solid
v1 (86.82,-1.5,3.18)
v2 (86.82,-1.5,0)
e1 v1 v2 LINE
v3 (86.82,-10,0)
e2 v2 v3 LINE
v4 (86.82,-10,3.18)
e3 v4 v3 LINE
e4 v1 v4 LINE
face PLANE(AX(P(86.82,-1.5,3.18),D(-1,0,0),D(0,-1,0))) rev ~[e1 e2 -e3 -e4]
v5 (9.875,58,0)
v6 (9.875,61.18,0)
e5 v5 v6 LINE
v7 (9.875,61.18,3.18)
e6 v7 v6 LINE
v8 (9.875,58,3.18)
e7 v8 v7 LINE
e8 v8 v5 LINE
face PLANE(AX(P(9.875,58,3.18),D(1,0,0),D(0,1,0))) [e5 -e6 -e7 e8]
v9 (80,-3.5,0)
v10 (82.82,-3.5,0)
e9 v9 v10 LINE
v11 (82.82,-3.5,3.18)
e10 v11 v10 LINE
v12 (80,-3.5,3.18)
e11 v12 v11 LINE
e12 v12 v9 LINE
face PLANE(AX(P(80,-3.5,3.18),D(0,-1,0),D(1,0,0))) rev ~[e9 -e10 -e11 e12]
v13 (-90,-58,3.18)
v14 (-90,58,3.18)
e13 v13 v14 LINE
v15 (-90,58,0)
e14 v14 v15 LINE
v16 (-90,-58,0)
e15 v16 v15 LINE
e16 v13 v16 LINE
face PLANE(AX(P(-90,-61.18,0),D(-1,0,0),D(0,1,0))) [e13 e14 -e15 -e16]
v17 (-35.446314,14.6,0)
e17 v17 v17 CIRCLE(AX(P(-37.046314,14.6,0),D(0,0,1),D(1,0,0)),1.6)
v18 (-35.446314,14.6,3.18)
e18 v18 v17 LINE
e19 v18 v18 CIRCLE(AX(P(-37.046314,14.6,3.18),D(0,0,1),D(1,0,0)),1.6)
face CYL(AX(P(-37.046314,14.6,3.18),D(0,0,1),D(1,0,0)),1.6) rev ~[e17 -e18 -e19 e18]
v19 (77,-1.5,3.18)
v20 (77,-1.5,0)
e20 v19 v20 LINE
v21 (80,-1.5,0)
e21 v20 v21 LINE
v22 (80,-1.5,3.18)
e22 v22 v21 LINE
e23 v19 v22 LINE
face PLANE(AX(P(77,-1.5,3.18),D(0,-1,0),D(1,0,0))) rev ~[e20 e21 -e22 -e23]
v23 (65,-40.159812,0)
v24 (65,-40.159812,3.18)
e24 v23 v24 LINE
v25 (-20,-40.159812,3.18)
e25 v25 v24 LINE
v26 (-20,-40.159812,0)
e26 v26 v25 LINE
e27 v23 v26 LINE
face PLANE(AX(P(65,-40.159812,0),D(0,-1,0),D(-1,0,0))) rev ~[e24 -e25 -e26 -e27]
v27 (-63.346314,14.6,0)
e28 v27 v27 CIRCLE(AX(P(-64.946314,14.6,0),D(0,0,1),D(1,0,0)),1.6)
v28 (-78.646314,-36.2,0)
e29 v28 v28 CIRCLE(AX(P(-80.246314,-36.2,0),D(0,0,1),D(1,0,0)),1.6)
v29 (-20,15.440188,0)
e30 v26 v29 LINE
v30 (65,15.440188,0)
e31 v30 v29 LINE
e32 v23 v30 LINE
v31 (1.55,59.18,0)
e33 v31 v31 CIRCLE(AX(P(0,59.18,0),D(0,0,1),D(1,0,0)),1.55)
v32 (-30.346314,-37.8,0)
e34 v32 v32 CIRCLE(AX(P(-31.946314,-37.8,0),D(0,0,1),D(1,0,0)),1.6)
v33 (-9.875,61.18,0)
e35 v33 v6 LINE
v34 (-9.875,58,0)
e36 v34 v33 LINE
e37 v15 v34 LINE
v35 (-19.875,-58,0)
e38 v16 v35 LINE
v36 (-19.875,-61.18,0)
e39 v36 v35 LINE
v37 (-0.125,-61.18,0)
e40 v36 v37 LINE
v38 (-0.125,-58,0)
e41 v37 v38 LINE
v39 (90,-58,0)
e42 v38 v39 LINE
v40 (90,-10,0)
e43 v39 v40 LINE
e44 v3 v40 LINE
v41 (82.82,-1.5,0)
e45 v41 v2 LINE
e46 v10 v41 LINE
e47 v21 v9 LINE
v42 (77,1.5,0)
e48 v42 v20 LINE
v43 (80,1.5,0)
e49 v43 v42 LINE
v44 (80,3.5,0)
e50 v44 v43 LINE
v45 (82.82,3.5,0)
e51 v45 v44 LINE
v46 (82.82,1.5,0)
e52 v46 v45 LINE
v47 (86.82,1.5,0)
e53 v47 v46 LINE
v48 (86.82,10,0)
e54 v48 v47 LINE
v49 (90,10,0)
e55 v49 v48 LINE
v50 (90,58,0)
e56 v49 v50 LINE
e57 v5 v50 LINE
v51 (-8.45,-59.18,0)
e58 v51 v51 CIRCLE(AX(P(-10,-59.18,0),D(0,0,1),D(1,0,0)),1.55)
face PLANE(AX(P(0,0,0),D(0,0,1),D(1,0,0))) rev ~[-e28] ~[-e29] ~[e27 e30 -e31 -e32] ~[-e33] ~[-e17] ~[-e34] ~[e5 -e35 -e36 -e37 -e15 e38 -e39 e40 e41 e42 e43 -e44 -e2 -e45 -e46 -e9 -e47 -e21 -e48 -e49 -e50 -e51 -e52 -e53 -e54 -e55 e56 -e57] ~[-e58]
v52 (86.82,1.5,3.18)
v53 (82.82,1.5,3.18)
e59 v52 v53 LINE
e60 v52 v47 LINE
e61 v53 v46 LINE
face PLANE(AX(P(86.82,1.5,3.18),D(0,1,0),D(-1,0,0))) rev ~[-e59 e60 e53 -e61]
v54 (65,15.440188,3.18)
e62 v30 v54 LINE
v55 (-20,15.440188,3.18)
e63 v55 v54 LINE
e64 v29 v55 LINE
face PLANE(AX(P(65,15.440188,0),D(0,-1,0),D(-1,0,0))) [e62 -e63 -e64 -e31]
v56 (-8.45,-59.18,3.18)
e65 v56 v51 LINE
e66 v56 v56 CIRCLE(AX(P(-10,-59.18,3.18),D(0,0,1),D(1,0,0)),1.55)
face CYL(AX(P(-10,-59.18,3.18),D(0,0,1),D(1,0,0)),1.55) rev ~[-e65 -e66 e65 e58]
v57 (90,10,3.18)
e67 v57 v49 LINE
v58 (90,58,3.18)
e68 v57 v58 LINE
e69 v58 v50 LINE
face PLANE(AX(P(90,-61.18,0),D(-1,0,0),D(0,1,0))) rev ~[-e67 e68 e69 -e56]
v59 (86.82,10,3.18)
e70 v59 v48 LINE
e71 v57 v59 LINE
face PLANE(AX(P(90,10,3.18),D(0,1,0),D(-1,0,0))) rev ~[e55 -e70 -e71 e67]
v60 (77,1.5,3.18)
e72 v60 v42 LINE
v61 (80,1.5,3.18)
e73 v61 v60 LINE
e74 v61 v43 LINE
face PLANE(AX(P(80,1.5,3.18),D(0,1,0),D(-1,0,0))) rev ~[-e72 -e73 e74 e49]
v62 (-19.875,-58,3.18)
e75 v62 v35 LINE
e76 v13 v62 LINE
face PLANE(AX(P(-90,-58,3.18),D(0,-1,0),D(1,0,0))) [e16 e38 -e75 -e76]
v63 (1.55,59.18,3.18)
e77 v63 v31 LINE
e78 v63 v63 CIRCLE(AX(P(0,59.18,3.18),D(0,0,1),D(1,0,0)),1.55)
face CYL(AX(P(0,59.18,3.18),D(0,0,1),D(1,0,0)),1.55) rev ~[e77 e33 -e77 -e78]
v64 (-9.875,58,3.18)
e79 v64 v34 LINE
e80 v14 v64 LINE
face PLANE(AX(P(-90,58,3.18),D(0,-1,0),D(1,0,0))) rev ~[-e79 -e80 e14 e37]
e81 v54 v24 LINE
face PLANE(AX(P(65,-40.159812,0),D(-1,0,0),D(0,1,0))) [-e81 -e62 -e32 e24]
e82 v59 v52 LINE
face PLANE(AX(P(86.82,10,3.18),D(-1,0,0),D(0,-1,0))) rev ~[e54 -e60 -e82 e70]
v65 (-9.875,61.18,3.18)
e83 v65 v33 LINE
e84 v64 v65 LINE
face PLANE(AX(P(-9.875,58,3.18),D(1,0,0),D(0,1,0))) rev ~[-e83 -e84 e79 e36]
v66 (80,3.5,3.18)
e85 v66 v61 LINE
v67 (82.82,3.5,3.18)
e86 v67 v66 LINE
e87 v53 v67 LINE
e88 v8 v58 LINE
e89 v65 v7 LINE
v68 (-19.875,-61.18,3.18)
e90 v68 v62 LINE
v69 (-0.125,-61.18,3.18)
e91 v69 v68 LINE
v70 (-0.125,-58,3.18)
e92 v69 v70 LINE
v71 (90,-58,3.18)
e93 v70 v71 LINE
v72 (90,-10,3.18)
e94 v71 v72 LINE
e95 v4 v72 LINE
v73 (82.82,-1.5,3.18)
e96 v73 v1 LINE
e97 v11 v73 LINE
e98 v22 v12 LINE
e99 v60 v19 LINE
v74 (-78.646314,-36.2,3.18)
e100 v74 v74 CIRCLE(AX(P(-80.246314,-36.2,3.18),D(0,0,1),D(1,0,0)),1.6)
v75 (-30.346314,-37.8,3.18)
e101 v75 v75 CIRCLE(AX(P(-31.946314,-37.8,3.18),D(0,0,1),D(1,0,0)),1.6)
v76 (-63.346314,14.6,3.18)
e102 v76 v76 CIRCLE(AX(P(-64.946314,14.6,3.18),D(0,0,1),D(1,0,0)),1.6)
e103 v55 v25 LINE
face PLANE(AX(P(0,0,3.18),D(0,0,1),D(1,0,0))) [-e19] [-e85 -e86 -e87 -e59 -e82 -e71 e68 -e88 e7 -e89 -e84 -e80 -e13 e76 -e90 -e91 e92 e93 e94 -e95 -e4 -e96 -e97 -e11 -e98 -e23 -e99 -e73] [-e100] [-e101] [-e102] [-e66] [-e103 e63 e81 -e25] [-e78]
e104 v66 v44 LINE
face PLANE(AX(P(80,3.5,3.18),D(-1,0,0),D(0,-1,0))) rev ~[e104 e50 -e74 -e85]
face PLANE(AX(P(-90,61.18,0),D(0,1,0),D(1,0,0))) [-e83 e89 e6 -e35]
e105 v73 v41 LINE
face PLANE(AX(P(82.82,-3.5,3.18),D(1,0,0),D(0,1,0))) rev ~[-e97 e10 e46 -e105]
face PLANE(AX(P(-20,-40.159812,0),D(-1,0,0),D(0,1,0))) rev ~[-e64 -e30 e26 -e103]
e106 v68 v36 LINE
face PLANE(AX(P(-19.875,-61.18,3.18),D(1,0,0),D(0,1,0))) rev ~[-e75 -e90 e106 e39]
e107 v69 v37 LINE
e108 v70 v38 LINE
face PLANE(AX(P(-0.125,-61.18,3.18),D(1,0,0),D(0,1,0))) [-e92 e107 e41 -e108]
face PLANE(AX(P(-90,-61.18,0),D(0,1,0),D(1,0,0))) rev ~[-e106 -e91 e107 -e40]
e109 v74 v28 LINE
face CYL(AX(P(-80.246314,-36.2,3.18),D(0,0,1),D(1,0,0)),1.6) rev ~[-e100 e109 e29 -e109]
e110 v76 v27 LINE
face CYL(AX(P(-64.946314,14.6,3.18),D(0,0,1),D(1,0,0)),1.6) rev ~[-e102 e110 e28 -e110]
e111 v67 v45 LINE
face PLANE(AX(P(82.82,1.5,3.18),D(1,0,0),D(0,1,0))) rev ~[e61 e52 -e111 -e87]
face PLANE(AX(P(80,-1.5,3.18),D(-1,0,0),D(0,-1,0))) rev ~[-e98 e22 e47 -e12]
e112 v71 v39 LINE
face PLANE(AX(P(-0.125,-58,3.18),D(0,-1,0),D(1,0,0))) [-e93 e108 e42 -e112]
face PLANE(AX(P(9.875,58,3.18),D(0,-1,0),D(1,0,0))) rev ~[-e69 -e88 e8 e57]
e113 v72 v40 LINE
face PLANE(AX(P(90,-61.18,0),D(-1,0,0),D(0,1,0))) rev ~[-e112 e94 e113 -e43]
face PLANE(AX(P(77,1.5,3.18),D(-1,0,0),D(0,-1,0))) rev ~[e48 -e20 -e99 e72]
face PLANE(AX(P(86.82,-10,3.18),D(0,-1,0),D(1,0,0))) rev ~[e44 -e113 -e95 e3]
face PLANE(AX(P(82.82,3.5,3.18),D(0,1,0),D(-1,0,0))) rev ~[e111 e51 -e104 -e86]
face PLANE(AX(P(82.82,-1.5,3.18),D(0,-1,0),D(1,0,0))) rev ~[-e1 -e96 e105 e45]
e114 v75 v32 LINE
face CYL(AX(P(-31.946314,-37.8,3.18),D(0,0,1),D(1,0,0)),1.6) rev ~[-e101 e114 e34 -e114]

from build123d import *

# Parameters (mm, degrees)
SKETCH1_W               = 180
SKETCH1_H               = 122.36
BOSS_EXTRUDE1_DEPTH     = 3.18
CUT_EXTRUDE1_DEPTH      = 1
CUT_EXTRUDE1_DEPTH_BACK = 4.18
SKETCH3_W               = 70.125
SKETCH3_H               = 3.18
SKETCH3_W_2             = 90.125
CUT_EXTRUDE2_DEPTH      = 1
CUT_EXTRUDE2_DEPTH_BACK = 4.18
SKETCH4_R               = 1.55
CUT_EXTRUDE3_DEPTH      = 1
CUT_EXTRUDE3_DEPTH_BACK = 4.18
SKETCH6_R               = 1.6
CUT_EXTRUDE4_DEPTH      = 1
CUT_EXTRUDE4_DEPTH_BACK = 4.18
SKETCH7_W               = 85
SKETCH7_H               = 55.6
CUT_EXTRUDE5_DEPTH      = 1
CUT_EXTRUDE5_DEPTH_BACK = 4.18
SKETCH8_W               = 80.125
SKETCH8_H               = 3.18
CUT_EXTRUDE6_DEPTH      = 1
CUT_EXTRUDE6_DEPTH_BACK = 4.18
SKETCH9_R               = 1.55
CUT_EXTRUDE7_DEPTH      = 1
CUT_EXTRUDE7_DEPTH_BACK = 4.18


with BuildPart() as part:
    # Sketch1 → Boss-Extrude1 (new body)
    with BuildSketch(Plane.XY):
        Rectangle(SKETCH1_W, SKETCH1_H)
    extrude(amount=BOSS_EXTRUDE1_DEPTH)

    # Sketch2 → Cut-Extrude1 (cut, two sides)
    with BuildSketch(Plane.XY.offset(3.18)) as cut_extrude1_sk:
        Polygon((80, 1.5), (77, 1.5), (77, -1.5), (80, -1.5), (80, -3.5), (82.82, -3.5), (82.82, -1.5), (86.82, -1.5), (86.82, -10), (90, -10), (90, 10), (86.82, 10), (86.82, 1.5), (82.82, 1.5), (82.82, 3.5), (80, 3.5), align=None)
    extrude(amount=CUT_EXTRUDE1_DEPTH, mode=Mode.SUBTRACT)
    extrude(cut_extrude1_sk.sketch, amount=-CUT_EXTRUDE1_DEPTH_BACK, mode=Mode.SUBTRACT)

    # Sketch3 → Cut-Extrude2 (cut, two sides)
    with BuildSketch(Plane.XY.offset(3.18)) as cut_extrude2_sk:
        with Locations((-54.9375, -59.59)):
            Rectangle(SKETCH3_W, SKETCH3_H)
        with Locations((44.9375, -59.59)):
            Rectangle(SKETCH3_W_2, SKETCH3_H)
    extrude(amount=CUT_EXTRUDE2_DEPTH, mode=Mode.SUBTRACT)
    extrude(cut_extrude2_sk.sketch, amount=-CUT_EXTRUDE2_DEPTH_BACK, mode=Mode.SUBTRACT)

    # Sketch4 → Cut-Extrude3 (cut, two sides)
    with BuildSketch(Plane.XY.offset(3.18)) as cut_extrude3_sk:
        with Locations((-10, -59.18)):
            Circle(SKETCH4_R)
    extrude(amount=CUT_EXTRUDE3_DEPTH, mode=Mode.SUBTRACT)
    extrude(cut_extrude3_sk.sketch, amount=-CUT_EXTRUDE3_DEPTH_BACK, mode=Mode.SUBTRACT)

    # Sketch6 → Cut-Extrude4 (cut, two sides)
    with BuildSketch(Plane.XY.offset(3.18)) as cut_extrude4_sk:
        with Locations((-64.946313591, 14.6)):
            Circle(SKETCH6_R)
        with Locations((-80.246313591, -36.2)):
            Circle(SKETCH6_R)
        with Locations((-31.946313591, -37.8)):
            Circle(SKETCH6_R)
        with Locations((-37.046313591, 14.6)):
            Circle(SKETCH6_R)
    extrude(amount=CUT_EXTRUDE4_DEPTH, mode=Mode.SUBTRACT)
    extrude(cut_extrude4_sk.sketch, amount=-CUT_EXTRUDE4_DEPTH_BACK, mode=Mode.SUBTRACT)

    # Sketch7 → Cut-Extrude5 (cut, two sides)
    with BuildSketch(Plane(origin=(0, 0, 0), x_dir=(-1, 0, 0), z_dir=(0, 0, -1))) as cut_extrude5_sk:
        with Locations((-22.5, -12.359811841)):
            Rectangle(SKETCH7_W, SKETCH7_H)
    extrude(amount=CUT_EXTRUDE5_DEPTH, mode=Mode.SUBTRACT)
    extrude(cut_extrude5_sk.sketch, amount=-CUT_EXTRUDE5_DEPTH_BACK, mode=Mode.SUBTRACT)

    # Sketch8 → Cut-Extrude6 (cut, two sides)
    with BuildSketch(Plane.XY.offset(3.18)) as cut_extrude6_sk:
        with Locations((-49.9375, 59.59)):
            Rectangle(SKETCH8_W, SKETCH8_H)
        with Locations((49.9375, 59.59)):
            Rectangle(SKETCH8_W, SKETCH8_H)
    extrude(amount=CUT_EXTRUDE6_DEPTH, mode=Mode.SUBTRACT)
    extrude(cut_extrude6_sk.sketch, amount=-CUT_EXTRUDE6_DEPTH_BACK, mode=Mode.SUBTRACT)

    # Sketch9 → Cut-Extrude7 (cut, two sides)
    with BuildSketch(Plane.XY.offset(3.18)) as cut_extrude7_sk:
        with Locations((0, 59.18)):
            Circle(SKETCH9_R)
    extrude(amount=CUT_EXTRUDE7_DEPTH, mode=Mode.SUBTRACT)
    extrude(cut_extrude7_sk.sketch, amount=-CUT_EXTRUDE7_DEPTH_BACK, mode=Mode.SUBTRACT)


solid = part.part
